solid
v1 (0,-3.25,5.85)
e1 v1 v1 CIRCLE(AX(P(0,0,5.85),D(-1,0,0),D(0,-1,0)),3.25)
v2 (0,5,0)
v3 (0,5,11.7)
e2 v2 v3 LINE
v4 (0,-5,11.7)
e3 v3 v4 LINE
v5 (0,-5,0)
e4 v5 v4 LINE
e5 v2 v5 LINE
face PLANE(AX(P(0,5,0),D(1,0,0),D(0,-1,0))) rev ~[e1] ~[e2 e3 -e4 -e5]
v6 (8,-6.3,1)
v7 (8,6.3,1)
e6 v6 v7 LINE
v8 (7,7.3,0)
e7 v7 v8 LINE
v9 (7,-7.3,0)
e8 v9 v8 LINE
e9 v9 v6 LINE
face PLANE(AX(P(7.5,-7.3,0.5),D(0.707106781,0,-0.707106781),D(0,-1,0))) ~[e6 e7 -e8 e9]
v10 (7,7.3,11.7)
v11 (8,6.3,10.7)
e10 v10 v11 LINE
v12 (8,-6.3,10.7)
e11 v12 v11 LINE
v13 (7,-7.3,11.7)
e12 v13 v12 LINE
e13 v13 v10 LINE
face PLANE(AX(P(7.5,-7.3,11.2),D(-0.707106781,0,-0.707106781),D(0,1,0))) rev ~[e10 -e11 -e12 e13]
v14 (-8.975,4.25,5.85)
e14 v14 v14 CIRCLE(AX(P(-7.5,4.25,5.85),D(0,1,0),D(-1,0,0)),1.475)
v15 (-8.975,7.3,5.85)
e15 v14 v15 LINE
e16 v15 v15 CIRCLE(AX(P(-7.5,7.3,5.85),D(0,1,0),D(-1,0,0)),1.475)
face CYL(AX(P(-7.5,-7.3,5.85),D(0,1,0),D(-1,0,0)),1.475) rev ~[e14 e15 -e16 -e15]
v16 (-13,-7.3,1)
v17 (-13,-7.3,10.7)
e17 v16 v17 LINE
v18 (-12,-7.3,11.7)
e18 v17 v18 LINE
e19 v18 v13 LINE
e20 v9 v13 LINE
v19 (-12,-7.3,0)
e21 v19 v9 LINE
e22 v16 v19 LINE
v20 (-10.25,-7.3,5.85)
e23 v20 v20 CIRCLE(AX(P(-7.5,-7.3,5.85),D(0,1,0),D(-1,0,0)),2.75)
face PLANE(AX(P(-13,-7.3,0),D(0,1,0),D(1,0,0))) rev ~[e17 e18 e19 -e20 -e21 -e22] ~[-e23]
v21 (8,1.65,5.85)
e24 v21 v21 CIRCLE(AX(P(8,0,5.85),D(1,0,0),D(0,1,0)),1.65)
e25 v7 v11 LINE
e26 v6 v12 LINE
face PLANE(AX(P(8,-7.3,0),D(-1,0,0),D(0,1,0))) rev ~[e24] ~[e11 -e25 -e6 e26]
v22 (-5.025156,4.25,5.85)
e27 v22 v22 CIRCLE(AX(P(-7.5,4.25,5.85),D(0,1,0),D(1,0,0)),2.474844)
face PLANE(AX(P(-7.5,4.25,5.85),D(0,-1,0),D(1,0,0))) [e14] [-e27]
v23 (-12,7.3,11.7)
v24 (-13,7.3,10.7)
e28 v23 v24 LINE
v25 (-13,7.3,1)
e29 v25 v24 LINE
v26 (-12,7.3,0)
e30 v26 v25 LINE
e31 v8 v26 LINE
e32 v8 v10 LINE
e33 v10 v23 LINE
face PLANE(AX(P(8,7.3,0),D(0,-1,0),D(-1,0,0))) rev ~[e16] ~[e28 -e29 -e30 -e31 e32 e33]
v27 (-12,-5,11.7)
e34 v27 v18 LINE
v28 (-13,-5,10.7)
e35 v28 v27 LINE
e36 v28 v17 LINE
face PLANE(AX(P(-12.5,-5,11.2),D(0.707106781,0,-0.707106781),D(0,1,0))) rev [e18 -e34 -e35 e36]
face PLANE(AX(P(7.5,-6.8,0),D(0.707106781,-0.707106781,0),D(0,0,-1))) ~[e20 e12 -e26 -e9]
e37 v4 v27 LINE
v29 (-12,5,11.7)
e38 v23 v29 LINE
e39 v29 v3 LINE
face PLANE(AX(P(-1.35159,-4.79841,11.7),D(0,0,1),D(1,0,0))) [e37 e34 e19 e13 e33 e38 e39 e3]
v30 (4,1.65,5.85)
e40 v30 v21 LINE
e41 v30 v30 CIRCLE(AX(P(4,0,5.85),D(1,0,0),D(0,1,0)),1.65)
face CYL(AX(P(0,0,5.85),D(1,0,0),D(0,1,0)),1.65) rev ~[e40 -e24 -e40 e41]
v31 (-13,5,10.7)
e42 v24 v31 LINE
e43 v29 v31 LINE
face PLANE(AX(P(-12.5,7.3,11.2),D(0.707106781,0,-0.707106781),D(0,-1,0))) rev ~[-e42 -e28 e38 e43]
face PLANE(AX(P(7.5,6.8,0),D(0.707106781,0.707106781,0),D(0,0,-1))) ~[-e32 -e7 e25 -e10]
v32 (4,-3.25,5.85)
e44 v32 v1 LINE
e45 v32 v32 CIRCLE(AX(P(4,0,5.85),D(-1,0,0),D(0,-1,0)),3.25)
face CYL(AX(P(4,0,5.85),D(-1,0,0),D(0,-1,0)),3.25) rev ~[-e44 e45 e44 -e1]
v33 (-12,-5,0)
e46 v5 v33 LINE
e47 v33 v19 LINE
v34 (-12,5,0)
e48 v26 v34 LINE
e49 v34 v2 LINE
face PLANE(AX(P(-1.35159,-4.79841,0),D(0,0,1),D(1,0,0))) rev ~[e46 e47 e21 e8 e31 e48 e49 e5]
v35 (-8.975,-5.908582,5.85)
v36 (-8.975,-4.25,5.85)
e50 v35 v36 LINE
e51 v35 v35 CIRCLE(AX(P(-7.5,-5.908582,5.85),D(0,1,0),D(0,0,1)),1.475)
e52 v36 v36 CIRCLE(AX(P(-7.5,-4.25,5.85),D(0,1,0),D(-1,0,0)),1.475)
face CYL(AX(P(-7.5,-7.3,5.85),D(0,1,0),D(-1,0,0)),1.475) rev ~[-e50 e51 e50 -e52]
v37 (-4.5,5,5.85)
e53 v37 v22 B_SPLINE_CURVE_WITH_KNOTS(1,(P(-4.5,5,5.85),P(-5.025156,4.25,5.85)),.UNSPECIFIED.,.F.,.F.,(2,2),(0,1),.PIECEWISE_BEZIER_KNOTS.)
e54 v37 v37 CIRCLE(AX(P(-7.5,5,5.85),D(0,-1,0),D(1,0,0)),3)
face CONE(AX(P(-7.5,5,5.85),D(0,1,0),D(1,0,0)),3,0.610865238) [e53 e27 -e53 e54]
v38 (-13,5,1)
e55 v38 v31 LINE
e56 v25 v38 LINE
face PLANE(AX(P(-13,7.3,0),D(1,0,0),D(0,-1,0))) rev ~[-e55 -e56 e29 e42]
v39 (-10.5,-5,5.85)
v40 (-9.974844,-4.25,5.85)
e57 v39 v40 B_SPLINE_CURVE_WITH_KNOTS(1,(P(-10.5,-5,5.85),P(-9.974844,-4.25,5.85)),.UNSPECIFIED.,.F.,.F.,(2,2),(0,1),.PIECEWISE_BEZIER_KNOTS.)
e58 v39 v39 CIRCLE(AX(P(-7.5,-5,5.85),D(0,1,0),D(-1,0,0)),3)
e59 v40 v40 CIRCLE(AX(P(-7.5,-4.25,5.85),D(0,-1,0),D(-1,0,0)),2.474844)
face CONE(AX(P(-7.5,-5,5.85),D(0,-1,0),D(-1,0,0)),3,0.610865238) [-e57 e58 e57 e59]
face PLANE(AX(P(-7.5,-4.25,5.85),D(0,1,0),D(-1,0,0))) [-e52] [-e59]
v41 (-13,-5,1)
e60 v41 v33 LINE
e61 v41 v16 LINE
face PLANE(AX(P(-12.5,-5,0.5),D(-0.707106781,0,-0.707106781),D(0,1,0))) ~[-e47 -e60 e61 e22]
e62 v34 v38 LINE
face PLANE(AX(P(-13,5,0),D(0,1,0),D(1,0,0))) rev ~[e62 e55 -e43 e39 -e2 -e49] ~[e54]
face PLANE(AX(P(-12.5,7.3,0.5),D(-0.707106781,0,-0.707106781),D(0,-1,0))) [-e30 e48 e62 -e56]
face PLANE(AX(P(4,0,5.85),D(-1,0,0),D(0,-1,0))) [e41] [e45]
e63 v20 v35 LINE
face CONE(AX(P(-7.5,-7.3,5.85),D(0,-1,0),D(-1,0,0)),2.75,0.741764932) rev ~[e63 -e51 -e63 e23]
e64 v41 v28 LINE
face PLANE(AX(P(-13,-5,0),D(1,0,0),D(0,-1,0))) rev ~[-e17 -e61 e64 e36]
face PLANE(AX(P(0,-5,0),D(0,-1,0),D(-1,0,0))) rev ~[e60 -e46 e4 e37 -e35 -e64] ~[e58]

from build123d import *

# Parameters (mm, degrees)
F1_DEPTH       = 11.7
F4_R           = 3
F6_DEPTH       = 0.75
F6_TAPER       = 35
F5_R           = 3
F7_DEPTH       = 0.75
F7_TAPER       = 35
F8_D           = 2.95
F8_CSINK_D     = 5.5
F8_CSINK_ANGLE = 85
F9_D           = 3.3
F9_CBORE_D     = 6.5
F9_CBORE_DEPTH = 4
F10_SIZE       = 1


with BuildPart() as f1:
    # F0 (on Top) → F1 (new body)
    with BuildSketch(Plane.XY):
        Polygon((-13, -7.3), (8, -7.3), (8, 0), (0, 0), (0, -5), (-13, -5), align=None)
        Polygon((0, 0), (8, 0), (8, 7.3), (-13, 7.3), (-13, 5), (0, 5), align=None)
    extrude(amount=F1_DEPTH)

    # F4 (on face) → F6 (join)
    with BuildSketch(Plane(origin=(0, -5, 0), x_dir=(-1, 0, 0), z_dir=(0, 1, 0))):
        with Locations((7.5, 5.85)):
            Circle(F4_R)
    extrude(amount=F6_DEPTH, taper=F6_TAPER)

    # F5 (on face) → F7 (join)
    with BuildSketch(Plane.XZ.offset(-5)):
        with Locations((-7.5, 5.85)):
            Circle(F5_R)
    extrude(amount=F7_DEPTH, taper=F7_TAPER)

    # F8 (through all)
    with Locations(Plane.XZ.offset(7.3)):
        with Locations((-7.5, 5.85)):
            CounterSinkHole(F8_D / 2, F8_CSINK_D / 2, counter_sink_angle=F8_CSINK_ANGLE)

    # F9 (through all)
    with Locations(Plane(origin=(0, 0, 0), x_dir=(0, -1, 0), z_dir=(-1, 0, 0))):
        with Locations((0, 5.85)):
            CounterBoreHole(F9_D / 2, F9_CBORE_D / 2, F9_CBORE_DEPTH)

    # F10
    f10_edges = [f1.edges().sort_by_distance(p)[0] for p in [
        (-13, -6.15, 11.7),
        (-13, -6.15, 0),
        (-13, 6.15, 0),
        (-13, 6.15, 11.7),
        (8, 0, 11.7),
        (8, -7.3, 5.85),
        (8, 0, 0),
        (8, 7.3, 5.85),
    ]]
    chamfer(f10_edges, length=F10_SIZE)


solid = f1.part
